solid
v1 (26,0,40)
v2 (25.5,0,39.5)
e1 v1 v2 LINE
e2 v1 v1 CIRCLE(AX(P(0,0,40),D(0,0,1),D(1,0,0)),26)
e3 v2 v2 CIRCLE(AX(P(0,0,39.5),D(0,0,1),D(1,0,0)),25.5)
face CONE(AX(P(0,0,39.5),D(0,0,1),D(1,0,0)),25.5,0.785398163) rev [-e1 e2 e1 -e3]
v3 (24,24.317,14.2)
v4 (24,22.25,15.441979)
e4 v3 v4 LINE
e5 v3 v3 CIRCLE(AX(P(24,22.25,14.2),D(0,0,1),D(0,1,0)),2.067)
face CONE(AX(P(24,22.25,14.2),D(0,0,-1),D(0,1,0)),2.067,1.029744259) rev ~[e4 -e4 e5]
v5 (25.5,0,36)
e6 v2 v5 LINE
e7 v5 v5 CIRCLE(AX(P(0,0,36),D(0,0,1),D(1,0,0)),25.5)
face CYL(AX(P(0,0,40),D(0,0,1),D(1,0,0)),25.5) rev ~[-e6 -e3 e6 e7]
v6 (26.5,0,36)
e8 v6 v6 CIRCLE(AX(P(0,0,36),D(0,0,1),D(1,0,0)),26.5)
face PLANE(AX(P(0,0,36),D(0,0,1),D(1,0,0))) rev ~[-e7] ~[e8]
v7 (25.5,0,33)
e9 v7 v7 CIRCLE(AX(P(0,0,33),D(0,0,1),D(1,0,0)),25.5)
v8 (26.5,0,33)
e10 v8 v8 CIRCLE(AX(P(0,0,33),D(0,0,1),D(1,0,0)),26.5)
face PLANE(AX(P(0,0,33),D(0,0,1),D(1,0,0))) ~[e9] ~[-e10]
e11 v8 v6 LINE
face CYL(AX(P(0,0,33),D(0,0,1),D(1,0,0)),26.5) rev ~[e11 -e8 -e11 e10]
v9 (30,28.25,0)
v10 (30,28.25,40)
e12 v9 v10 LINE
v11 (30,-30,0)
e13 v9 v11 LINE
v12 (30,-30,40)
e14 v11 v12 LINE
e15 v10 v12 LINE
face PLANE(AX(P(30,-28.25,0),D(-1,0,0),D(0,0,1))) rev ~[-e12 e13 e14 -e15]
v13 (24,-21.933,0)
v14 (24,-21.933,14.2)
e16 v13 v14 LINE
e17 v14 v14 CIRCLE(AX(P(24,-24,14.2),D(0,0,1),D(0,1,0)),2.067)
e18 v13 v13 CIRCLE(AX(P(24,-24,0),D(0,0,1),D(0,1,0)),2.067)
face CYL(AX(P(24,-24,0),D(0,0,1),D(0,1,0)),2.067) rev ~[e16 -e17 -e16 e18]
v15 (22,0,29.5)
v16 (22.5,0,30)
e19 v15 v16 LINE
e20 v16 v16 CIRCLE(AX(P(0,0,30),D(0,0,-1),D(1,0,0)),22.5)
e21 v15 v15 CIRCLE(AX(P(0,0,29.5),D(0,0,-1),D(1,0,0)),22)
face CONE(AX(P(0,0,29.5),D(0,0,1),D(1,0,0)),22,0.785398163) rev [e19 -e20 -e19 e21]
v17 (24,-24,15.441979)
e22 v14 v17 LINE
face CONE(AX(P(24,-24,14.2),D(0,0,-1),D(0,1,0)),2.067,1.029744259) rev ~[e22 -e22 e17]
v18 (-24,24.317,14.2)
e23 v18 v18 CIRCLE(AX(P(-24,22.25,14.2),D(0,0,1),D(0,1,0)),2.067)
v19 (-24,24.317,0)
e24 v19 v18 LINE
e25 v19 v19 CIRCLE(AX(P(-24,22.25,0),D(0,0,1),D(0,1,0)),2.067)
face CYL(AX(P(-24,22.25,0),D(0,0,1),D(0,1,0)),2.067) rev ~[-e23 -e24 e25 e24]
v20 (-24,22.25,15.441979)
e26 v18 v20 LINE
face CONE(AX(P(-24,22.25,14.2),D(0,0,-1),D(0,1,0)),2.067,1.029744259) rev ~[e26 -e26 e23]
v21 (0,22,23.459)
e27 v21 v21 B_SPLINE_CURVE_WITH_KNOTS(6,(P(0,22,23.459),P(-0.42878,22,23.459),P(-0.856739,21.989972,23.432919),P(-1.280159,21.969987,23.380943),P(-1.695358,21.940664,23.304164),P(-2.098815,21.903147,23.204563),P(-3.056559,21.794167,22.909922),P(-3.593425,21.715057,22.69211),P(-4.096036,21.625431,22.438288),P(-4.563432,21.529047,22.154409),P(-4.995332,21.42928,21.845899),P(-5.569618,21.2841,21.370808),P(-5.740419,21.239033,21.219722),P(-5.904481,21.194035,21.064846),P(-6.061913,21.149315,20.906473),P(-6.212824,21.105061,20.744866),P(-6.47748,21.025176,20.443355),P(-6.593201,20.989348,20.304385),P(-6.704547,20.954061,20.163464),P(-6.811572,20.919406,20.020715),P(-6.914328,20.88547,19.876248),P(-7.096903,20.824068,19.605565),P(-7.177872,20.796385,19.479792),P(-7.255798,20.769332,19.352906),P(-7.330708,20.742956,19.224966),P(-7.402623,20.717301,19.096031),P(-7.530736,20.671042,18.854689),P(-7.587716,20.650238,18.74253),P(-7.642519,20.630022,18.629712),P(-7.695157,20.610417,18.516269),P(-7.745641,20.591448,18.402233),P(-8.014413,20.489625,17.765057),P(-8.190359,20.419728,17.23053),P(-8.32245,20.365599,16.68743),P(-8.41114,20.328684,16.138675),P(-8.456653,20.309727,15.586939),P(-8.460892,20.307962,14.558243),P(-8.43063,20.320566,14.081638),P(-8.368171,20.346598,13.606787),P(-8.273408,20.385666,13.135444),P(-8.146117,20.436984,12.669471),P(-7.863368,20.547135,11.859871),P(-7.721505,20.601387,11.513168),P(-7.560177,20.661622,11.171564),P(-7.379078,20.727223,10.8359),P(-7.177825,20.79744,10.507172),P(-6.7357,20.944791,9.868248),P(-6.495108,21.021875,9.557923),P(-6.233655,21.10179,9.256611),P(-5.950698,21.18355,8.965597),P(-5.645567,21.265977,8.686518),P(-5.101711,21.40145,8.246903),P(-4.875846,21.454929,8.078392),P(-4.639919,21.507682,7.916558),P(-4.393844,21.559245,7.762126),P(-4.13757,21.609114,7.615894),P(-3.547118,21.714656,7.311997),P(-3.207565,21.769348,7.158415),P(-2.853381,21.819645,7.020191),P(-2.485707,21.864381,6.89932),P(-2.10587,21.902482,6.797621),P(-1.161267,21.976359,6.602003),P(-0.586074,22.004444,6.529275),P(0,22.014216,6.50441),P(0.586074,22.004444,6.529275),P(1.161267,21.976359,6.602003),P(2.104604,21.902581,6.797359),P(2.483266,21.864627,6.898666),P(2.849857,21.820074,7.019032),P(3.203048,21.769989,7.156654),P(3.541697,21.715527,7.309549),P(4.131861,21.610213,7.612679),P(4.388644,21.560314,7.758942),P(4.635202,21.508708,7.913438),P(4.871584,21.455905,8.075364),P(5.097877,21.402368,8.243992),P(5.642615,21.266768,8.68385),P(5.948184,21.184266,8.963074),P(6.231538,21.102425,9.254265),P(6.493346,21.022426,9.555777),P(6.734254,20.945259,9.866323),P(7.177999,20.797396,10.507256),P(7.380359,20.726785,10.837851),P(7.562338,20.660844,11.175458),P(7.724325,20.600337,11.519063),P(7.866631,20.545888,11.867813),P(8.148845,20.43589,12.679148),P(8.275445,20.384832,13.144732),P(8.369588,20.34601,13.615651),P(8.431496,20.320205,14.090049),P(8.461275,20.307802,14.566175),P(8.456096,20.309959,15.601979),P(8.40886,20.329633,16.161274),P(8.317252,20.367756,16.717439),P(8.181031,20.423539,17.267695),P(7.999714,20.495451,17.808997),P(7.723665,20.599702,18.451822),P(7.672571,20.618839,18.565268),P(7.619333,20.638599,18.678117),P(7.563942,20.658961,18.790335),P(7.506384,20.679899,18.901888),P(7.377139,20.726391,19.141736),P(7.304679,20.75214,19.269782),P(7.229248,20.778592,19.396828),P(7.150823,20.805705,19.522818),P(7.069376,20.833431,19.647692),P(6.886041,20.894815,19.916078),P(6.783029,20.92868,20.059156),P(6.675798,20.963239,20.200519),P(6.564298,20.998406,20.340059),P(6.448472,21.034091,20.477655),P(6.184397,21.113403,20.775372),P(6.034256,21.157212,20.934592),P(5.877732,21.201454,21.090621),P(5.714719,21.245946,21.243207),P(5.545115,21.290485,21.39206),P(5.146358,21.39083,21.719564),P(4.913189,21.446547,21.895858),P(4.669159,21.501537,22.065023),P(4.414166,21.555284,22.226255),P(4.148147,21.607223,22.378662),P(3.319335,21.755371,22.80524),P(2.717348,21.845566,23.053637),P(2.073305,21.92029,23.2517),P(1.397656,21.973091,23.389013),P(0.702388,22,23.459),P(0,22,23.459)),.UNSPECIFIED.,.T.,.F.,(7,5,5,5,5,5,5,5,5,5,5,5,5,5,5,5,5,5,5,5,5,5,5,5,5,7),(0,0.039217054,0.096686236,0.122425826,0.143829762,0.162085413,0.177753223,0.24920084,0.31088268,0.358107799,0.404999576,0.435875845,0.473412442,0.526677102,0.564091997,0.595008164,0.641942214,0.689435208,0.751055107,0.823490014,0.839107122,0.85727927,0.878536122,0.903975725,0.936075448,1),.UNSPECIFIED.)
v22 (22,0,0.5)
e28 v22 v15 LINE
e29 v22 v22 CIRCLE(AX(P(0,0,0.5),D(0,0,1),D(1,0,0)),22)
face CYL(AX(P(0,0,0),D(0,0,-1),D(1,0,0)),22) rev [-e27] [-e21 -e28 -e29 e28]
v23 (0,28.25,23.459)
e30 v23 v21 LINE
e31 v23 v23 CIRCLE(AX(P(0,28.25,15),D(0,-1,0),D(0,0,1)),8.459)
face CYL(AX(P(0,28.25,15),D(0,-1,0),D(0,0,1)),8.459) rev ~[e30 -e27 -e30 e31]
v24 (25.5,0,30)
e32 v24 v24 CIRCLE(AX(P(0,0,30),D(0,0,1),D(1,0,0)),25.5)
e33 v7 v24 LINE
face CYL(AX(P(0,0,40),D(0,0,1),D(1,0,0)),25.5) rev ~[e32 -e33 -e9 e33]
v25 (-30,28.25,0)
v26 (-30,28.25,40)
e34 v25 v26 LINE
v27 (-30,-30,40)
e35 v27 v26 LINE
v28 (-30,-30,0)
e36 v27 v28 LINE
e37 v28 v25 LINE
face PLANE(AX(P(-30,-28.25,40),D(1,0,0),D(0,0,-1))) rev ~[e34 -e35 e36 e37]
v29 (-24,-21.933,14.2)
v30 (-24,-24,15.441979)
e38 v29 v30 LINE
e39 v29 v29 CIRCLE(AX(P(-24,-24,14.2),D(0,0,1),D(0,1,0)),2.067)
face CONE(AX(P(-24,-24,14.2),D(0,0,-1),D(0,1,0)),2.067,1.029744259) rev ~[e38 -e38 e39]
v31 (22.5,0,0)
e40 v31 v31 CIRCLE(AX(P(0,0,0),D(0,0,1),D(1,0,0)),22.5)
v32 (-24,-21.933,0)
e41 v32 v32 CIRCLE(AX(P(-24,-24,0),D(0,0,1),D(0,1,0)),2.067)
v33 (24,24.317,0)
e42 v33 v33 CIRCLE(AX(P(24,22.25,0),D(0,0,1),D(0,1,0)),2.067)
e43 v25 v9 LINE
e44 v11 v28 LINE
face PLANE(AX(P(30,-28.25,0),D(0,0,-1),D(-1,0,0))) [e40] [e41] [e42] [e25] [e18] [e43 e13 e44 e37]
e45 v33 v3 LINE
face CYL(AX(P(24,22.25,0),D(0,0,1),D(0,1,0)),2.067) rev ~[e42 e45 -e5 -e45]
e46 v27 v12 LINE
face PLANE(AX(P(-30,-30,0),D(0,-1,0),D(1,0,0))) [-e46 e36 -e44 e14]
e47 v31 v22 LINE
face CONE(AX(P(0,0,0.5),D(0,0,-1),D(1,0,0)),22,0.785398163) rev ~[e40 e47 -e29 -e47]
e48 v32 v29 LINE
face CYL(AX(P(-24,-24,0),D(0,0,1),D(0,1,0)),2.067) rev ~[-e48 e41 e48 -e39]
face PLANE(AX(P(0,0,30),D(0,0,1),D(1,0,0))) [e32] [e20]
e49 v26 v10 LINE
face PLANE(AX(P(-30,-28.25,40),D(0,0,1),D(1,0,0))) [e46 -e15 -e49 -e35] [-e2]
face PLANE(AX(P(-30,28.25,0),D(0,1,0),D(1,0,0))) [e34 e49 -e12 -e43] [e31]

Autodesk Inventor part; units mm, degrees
ref_plane "YZ Plane" through (0, 0, 0) normal (1, 0, 0) x (0, 1, 0)
ref_plane "XZ Plane" through (0, 0, 0) normal (0, 1, 0) x (-1, 0, 0)
ref_plane "XY Plane" through (0, 0, 0) normal (0, 0, 1) x (1, 0, 0)
sketch "Skizze5" plane through (0, 0, 0) normal (0, 0, 1) x (1, 0, 0)
  circle A0 centre (0, 0) radius 22
  line L0 (-30, 28.25) -> (30, 28.25)
  line L1 (30, 28.25) -> (30, -28.25)
  line L2 (30, -28.25) -> (-30, -28.25)
  line L3 (-30, -28.25) -> (-30, 28.25)
  dimension "d26" = 44
  dimension "d27" = 60
  dimension "d28" = 56.5
  dimension "d29" = 30
  dimension "d30" = 28.25
extrude "Extrusion2" add sketch "Skizze5" along normal blind 40
sketch "Skizze6" plane through (-30, 28.25, 0) normal (0, 1, 0) x (1, 0, 0)
  line L0 (60, -40) -> (0, -40) projected
  line L1 (60, 0) -> (60, -40) projected
  point P0 (30, 0)
  point P1 (30, -15)
  dimension "d34" = 30
  dimension "d73" = 15
hole "Bohrung3" at (0, 28.25, 15) direction (0, -1, 0) diameter 16.918 depth 41.1 tip angle 118 thread size "M18x1" class "6H" standard "ISO Metric profile"
sketch "Skizze7" plane through (0, 0, 40) normal (0, 0, 1) x (1, 0, 0)
  circle A0 centre (0, 0) radius 25.5
  dimension "d42" = 51
extrude "Extrusion3" cut sketch "Skizze7" against normal blind 10
chamfer "Fase1" distance 0.5 angle 45 3 edges at (-25.5, 0, 40) (-22, 0, 30) (-22, 0, 0)
sketch "Skizze9" plane through (0, 0, 0) normal (0, 0, -1) x (-1, 0, 0)
  line L0 (30, 28.25) -> (-30, 28.25) projected
  line L1 (30, -28.25) -> (30, 28.25) projected
  point P0 (0, 0)
  point P1 (-24, -24)
  point P2 (-24, 22.25)
  point P3 (24, 22.25)
  point P4 (24, -24)
  dimension "d77" = 46.25
  dimension "d78" = 48
  dimension "d79" = 6
  dimension "d80" = 6
hole "Bohrung6" at (24, -24, 0) at (24, 22.25, 0) at (-24, 22.25, 0) at (-24, -24, 0) direction (0, 0, 1) diameter 4.134 depth 14.2 tip angle 118 thread size "M5x0.8" class "6H" standard "ISO Metric profile"
sketch "Skizze10" plane through (-30, -28.25, 0) normal (0, -1, 0) x (1, 0, 0)
  line L0 (60, 0) -> (0, 0) projected
  line L1 (0, 40) -> (60, 40) projected
  line L2 (0, 0) -> (60, 0)
  line L3 (60, 0) -> (60, 40)
  line L4 (60, 40) -> (0, 40)
  line L5 (0, 40) -> (0, 0)
  point P0 (30, 0)
extrude "Extrusion4" add sketch "Skizze10" along normal blind 1.75
sketch "Skizze11" plane through (0, 0, 0) normal (0, 1, 0) x (-1, 0, 0)
  line L0 (-26.5, 36) -> (-25, 36)
  line L1 (-25, 36) -> (-25, 33)
  line L2 (-25, 33) -> (-26.5, 33)
  line L3 (-26.5, 33) -> (-26.5, 36)
  line L4 (0, -8) -> (0, 48) projected
  point P0 (0, 0)
  dimension "d90" = 1.5
  dimension "d91" = 25
  dimension "d92" = 33
  dimension "d93" = 3
revolve "Umdrehung1" cut sketch "Skizze11" angle 360 about axis through (0, 0, -10) along (0, 0, 1)
equation "\"d29\" = 0.5 * d27"
equation "\"d30\" = 0.5 * d28"
properties part number "Sensoraufnahme" material "Aluminium 6061"
